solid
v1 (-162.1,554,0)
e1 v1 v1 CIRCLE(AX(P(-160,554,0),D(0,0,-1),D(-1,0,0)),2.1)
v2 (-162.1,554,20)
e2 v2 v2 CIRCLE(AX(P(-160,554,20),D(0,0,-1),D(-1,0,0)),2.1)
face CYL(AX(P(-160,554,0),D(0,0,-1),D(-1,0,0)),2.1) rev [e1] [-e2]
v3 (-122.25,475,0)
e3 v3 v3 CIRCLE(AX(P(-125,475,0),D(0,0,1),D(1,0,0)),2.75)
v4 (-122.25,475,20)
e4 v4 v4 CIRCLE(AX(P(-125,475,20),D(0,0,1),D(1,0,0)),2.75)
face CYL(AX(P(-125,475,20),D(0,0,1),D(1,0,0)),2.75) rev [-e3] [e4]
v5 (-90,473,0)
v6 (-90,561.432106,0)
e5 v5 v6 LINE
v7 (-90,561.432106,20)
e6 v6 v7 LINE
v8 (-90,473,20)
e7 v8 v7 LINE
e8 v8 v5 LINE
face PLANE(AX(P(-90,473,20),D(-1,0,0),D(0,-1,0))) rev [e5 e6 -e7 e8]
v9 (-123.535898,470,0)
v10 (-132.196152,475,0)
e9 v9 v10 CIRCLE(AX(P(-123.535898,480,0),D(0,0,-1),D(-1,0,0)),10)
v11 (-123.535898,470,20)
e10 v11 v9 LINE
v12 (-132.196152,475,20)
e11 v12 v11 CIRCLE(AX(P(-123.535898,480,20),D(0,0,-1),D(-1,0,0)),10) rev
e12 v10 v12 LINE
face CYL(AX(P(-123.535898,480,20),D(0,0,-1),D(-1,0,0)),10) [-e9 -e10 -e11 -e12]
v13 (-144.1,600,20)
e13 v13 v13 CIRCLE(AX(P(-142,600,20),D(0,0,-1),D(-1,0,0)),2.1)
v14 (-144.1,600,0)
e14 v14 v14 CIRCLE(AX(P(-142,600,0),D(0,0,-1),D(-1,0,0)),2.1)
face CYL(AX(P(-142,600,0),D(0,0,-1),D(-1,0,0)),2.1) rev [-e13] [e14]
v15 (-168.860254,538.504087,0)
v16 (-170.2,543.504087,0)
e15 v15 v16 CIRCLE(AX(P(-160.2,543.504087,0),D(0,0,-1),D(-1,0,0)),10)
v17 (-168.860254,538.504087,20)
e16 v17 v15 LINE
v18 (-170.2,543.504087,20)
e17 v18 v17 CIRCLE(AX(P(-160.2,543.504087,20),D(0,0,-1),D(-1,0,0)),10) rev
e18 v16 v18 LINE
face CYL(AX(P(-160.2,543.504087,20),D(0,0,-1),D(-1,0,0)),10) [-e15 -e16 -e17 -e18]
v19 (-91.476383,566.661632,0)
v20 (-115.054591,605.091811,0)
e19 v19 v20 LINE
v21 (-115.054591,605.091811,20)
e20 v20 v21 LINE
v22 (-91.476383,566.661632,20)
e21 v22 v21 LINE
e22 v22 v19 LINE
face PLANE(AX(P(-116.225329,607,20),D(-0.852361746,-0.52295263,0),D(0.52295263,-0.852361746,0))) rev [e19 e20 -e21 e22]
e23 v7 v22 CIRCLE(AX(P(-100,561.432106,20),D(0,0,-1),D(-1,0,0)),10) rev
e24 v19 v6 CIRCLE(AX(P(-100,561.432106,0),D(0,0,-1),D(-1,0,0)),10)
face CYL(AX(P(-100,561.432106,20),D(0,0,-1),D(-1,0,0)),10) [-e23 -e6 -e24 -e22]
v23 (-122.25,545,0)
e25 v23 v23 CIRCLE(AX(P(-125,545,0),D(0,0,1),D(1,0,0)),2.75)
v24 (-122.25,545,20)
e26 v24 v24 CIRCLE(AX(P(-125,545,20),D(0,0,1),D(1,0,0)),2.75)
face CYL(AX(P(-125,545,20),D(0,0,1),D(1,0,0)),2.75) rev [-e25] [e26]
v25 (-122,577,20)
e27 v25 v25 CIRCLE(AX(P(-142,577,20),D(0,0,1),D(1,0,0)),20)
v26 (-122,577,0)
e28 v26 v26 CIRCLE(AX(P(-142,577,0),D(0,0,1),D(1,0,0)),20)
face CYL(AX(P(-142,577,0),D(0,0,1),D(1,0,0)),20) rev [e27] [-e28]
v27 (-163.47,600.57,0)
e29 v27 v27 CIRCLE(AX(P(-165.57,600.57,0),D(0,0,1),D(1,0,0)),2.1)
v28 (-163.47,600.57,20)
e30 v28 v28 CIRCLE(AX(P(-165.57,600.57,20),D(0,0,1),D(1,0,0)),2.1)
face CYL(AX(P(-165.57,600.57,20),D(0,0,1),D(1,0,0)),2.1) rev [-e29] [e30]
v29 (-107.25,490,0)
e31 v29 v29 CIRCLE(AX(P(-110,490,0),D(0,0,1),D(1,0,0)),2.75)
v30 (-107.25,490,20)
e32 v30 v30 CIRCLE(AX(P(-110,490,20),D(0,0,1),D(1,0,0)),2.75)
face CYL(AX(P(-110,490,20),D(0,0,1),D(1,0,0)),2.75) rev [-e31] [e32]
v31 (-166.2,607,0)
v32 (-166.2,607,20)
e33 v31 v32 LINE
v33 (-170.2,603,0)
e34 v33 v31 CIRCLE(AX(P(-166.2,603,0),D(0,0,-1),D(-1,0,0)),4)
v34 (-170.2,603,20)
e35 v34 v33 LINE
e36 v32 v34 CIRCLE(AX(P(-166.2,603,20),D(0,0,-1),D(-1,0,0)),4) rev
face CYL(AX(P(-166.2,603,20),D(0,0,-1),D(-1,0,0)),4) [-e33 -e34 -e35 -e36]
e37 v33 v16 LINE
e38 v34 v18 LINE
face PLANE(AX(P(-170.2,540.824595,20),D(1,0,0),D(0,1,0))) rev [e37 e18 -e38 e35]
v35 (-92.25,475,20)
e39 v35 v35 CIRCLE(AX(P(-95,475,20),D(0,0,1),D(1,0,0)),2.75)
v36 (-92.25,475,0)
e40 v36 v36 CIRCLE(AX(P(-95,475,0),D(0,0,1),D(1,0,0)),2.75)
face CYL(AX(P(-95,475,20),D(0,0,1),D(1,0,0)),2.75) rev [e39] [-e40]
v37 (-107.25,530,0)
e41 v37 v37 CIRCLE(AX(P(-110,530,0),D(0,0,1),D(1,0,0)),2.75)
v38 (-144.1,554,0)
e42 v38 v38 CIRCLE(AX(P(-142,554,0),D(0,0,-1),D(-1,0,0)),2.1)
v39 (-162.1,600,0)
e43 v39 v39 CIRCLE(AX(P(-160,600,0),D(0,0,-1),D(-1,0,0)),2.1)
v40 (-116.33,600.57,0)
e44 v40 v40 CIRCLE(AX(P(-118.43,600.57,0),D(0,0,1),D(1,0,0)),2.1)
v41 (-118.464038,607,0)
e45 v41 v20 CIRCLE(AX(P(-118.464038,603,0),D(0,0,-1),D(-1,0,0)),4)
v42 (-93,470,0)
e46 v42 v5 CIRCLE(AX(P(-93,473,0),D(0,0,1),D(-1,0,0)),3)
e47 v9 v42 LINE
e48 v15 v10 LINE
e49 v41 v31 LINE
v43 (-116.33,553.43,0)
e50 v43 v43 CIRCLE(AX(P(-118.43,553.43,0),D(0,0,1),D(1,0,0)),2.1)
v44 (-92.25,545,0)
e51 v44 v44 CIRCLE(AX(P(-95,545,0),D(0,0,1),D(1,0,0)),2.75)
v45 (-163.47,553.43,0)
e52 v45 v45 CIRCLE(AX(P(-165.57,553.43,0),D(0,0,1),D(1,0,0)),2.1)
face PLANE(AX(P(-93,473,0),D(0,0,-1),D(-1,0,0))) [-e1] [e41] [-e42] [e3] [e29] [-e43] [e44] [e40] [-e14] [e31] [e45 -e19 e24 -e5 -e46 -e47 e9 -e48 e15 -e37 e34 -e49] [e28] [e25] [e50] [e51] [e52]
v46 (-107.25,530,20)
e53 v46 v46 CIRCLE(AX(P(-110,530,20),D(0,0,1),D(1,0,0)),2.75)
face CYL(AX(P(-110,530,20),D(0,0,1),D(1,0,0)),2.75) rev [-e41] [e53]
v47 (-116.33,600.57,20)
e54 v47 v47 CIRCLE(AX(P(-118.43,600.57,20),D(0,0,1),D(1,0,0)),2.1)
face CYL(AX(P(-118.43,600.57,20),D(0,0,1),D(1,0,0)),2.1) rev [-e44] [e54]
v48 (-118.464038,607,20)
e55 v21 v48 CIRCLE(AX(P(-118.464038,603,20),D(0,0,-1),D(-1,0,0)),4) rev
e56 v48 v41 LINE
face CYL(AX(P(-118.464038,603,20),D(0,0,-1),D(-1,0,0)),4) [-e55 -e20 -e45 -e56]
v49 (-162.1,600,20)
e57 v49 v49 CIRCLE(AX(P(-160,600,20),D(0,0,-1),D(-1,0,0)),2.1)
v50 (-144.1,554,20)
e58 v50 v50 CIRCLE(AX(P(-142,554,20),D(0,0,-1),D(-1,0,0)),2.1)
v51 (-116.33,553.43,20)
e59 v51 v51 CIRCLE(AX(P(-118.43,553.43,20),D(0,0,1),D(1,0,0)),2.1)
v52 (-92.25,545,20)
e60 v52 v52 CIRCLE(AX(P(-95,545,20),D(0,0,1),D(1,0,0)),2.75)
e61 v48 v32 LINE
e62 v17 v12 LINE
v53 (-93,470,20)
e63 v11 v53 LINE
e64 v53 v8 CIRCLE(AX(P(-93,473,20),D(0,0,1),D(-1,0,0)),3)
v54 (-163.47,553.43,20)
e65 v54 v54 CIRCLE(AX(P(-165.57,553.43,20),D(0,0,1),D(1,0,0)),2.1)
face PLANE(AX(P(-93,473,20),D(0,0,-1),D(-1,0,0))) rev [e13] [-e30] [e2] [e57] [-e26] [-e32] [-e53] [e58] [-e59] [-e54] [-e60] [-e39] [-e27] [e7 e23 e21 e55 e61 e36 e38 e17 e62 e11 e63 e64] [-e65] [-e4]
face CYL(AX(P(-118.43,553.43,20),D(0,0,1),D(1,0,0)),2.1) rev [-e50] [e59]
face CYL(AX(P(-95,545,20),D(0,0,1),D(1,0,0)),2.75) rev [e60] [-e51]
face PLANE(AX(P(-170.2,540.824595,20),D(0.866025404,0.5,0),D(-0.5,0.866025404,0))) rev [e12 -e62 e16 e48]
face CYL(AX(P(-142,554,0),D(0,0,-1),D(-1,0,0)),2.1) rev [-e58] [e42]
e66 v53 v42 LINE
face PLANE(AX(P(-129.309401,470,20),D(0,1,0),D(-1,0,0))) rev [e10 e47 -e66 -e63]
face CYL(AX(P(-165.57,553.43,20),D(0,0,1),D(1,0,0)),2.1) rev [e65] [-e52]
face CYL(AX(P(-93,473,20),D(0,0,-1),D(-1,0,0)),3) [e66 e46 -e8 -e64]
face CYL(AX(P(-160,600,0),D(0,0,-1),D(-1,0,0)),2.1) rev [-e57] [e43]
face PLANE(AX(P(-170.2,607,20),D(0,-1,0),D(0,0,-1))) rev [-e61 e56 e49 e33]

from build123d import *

# Parameters (mm, degrees)
BOSS_EXTRUDE1_DEPTH     = 20
FILLET1_R               = 10
SKETCH2_R               = 20
CUT_EXTRUDE1_DEPTH      = 20
TAP_DRILL_FOR_M5_TAP1_D = 4.2
M5_CLEARANCE_HOLE1_D    = 5.5
TAP_DRILL_FOR_M5_TAP2_D = 4.2
FILLET2_R               = 4


with BuildPart() as part:
    # Sketch1 → Boss-Extrude1 (new body)
    with BuildSketch(Plane.XY):
        with BuildLine():
            Line((-170.200000001, 540.824594888), (-129.309401077, 470))
            Line((-129.309401077, 470), (-93, 470))
            ThreePointArc((-93, 470), (-90.878679656, 470.878679656), (-90, 473))
            Line((-90, 473), (-90, 564.25527297))
            Line((-90, 564.25527297), (-116.225329238, 607))
            Line((-116.225329238, 607), (-170.200000001, 607))
            Line((-170.200000001, 607), (-170.200000001, 540.824594888))
        make_face()
    extrude(amount=BOSS_EXTRUDE1_DEPTH)

    # Fillet1
    fillet1_edges = [part.edges().sort_by_distance(p)[0] for p in [
        (-90, 564.25527297, 10),
        (-129.309401077, 470, 10),
        (-170.200000001, 540.824594888, 10),
    ]]
    fillet(fillet1_edges, radius=FILLET1_R)

    # Sketch2 → Cut-Extrude1 (cut)
    with BuildSketch(Plane.XY.offset(20)):
        with Locations((-142.000000001, 577)):
            Circle(SKETCH2_R)
    extrude(amount=-CUT_EXTRUDE1_DEPTH, mode=Mode.SUBTRACT)

    # Tap Drill for M5 Tap1 (through all)
    with Locations(Plane(origin=(0, 0, 0), x_dir=(-1, 0, 0), z_dir=(0, 0, -1))):
        with Locations((160.000000001, 600), (142.000000001, 600), (142.000000001, 554), (160.000000001, 554)):
            Hole(TAP_DRILL_FOR_M5_TAP1_D / 2)

    # M5 Clearance Hole1 (through all)
    with Locations(Plane.XY.offset(20)):
        with Locations((-95, 545), (-125, 545), (-125, 475), (-95, 475), (-110, 490), (-110, 530)):
            Hole(M5_CLEARANCE_HOLE1_D / 2)

    # Tap Drill for M5 Tap2 (through all)
    with Locations(Plane.XY.offset(20)):
        with Locations((-165.570000001, 553.43), (-165.570000001, 600.57), (-118.430000001, 553.43), (-118.430000001, 600.57)):
            Hole(TAP_DRILL_FOR_M5_TAP2_D / 2)

    # Fillet2
    fillet2_edges = [part.edges().sort_by_distance(p)[0] for p in [
        (-116.225329238, 607, 10),
        (-170.200000001, 607, 10),
    ]]
    fillet(fillet2_edges, radius=FILLET2_R)


solid = part.part
